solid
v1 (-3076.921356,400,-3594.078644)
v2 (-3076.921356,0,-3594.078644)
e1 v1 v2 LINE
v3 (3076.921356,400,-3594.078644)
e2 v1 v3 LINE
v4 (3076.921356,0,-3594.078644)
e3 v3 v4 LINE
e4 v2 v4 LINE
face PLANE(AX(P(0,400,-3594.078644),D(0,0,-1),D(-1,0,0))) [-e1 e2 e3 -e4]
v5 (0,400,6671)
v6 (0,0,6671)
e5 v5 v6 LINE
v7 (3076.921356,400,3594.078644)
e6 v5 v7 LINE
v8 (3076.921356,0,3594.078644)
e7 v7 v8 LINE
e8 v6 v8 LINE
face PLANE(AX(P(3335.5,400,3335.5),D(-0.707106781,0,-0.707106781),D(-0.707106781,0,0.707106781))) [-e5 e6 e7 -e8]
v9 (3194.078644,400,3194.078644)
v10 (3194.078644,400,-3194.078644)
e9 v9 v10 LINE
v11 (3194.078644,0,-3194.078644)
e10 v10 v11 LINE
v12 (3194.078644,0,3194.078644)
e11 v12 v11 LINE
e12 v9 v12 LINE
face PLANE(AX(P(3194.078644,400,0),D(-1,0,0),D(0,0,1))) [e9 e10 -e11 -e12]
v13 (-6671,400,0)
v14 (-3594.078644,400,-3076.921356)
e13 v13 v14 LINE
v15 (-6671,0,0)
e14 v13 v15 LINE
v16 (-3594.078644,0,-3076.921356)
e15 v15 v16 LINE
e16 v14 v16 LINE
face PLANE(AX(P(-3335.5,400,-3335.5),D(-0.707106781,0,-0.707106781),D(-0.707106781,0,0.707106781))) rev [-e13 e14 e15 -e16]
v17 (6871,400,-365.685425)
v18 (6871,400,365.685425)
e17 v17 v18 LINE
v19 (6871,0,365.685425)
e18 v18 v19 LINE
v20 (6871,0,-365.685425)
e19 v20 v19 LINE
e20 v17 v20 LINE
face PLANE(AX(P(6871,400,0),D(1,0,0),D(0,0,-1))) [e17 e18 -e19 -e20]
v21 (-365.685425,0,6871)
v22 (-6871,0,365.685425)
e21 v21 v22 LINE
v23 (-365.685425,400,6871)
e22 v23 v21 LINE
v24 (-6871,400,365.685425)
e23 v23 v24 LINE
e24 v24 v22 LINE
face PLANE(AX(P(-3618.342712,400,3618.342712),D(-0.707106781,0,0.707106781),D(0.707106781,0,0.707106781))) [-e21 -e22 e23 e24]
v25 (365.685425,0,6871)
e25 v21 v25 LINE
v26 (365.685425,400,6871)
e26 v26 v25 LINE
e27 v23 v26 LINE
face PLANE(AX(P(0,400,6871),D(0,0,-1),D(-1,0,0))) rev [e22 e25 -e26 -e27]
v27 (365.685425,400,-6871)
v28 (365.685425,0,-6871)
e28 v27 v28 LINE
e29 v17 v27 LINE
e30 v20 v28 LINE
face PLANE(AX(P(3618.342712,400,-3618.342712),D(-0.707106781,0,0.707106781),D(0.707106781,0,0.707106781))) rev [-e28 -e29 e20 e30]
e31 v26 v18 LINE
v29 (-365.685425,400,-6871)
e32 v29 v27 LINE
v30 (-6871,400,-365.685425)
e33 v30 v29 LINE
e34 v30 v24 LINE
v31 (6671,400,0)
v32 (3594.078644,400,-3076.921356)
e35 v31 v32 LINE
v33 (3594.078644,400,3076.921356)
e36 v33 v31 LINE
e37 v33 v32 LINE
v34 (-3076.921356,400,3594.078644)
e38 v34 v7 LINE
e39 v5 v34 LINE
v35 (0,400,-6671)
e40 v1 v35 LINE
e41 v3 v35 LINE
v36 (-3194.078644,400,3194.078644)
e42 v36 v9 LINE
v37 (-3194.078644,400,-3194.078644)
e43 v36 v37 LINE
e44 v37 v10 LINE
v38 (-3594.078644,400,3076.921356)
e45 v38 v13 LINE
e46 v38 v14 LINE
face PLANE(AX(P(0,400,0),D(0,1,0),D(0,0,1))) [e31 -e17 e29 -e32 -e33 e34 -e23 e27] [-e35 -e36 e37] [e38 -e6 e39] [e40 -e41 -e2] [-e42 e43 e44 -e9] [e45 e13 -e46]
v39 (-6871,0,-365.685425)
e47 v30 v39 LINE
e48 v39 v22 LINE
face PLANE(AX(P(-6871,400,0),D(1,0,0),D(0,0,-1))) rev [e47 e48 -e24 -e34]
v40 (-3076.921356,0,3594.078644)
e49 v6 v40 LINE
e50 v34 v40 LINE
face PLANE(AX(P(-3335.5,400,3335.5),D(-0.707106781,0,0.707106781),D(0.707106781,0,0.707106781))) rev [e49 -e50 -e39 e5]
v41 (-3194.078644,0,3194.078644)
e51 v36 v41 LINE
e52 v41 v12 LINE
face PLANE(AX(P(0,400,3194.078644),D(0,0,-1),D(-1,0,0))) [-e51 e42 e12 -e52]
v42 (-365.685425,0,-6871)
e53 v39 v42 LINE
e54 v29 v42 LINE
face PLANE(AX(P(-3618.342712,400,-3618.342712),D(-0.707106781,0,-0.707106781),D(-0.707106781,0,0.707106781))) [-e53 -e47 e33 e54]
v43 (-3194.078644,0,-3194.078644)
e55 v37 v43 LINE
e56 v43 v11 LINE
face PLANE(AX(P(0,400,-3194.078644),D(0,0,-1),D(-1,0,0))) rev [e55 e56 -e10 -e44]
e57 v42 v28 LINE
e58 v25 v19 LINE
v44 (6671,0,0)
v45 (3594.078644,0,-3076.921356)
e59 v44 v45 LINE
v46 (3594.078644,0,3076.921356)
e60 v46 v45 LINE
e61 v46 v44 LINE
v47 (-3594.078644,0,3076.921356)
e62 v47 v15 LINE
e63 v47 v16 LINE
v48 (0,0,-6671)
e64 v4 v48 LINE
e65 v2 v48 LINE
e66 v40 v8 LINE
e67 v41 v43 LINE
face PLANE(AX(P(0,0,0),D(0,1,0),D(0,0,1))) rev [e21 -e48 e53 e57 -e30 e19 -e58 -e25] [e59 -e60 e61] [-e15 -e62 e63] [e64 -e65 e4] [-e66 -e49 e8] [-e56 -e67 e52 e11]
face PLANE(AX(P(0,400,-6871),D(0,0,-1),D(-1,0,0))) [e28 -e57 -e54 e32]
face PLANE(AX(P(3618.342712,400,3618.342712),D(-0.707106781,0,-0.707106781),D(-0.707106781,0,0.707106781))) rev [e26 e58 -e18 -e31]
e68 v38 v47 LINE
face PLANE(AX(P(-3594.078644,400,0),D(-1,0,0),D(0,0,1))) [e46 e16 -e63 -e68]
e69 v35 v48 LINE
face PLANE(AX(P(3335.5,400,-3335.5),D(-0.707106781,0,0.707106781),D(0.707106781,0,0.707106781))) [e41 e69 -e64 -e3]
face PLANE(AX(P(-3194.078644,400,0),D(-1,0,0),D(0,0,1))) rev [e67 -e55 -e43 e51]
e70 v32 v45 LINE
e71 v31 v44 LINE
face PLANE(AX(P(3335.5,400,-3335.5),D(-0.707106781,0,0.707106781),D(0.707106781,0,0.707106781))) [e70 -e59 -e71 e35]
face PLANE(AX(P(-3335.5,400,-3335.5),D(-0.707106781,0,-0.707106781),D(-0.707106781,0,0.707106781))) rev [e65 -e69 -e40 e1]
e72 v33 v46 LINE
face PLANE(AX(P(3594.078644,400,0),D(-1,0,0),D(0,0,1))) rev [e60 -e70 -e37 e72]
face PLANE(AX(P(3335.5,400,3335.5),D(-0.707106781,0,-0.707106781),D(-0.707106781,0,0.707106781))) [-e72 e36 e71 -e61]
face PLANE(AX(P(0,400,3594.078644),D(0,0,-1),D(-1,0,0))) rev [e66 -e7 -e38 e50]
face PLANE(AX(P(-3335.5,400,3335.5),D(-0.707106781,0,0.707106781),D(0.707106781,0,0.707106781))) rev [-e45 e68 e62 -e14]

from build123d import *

# Parameters (mm, degrees)
SKETCH2_W           = 6388.157287526
SKETCH2_H           = 6388.157287526
BOSS_EXTRUDE1_DEPTH = 400


with BuildPart() as part:
    # Sketch2 → Boss-Extrude1 (new body)
    with BuildSketch(Plane(origin=(0, 0, 0), x_dir=(1, 0, 0), z_dir=(0, 1, 0))):
        Polygon((-365.685424949, 6871), (-6871, 365.685424949), (-6871, -365.685424949), (-365.685424949, -6871), (365.685424949, -6871), (6871, -365.685424949), (6871, 365.685424949), (365.685424949, 6871), align=None)
        Polygon((3076.921356237, -3594.078643763), (0, -6671), (-3076.921356237, -3594.078643763), align=None, mode=Mode.SUBTRACT)
        Polygon((3594.078643763, 3076.921356237), (6671, 0), (3594.078643763, -3076.921356237), align=None, mode=Mode.SUBTRACT)
        Polygon((-3594.078643763, -3076.921356237), (-6671, 0), (-3594.078643763, 3076.921356237), align=None, mode=Mode.SUBTRACT)
        Rectangle(SKETCH2_W, SKETCH2_H, mode=Mode.SUBTRACT)
        Polygon((3076.921356237, 3594.078643763), (-3076.921356237, 3594.078643763), (0, 6671), align=None, mode=Mode.SUBTRACT)
    extrude(amount=BOSS_EXTRUDE1_DEPTH)


solid = part.part
